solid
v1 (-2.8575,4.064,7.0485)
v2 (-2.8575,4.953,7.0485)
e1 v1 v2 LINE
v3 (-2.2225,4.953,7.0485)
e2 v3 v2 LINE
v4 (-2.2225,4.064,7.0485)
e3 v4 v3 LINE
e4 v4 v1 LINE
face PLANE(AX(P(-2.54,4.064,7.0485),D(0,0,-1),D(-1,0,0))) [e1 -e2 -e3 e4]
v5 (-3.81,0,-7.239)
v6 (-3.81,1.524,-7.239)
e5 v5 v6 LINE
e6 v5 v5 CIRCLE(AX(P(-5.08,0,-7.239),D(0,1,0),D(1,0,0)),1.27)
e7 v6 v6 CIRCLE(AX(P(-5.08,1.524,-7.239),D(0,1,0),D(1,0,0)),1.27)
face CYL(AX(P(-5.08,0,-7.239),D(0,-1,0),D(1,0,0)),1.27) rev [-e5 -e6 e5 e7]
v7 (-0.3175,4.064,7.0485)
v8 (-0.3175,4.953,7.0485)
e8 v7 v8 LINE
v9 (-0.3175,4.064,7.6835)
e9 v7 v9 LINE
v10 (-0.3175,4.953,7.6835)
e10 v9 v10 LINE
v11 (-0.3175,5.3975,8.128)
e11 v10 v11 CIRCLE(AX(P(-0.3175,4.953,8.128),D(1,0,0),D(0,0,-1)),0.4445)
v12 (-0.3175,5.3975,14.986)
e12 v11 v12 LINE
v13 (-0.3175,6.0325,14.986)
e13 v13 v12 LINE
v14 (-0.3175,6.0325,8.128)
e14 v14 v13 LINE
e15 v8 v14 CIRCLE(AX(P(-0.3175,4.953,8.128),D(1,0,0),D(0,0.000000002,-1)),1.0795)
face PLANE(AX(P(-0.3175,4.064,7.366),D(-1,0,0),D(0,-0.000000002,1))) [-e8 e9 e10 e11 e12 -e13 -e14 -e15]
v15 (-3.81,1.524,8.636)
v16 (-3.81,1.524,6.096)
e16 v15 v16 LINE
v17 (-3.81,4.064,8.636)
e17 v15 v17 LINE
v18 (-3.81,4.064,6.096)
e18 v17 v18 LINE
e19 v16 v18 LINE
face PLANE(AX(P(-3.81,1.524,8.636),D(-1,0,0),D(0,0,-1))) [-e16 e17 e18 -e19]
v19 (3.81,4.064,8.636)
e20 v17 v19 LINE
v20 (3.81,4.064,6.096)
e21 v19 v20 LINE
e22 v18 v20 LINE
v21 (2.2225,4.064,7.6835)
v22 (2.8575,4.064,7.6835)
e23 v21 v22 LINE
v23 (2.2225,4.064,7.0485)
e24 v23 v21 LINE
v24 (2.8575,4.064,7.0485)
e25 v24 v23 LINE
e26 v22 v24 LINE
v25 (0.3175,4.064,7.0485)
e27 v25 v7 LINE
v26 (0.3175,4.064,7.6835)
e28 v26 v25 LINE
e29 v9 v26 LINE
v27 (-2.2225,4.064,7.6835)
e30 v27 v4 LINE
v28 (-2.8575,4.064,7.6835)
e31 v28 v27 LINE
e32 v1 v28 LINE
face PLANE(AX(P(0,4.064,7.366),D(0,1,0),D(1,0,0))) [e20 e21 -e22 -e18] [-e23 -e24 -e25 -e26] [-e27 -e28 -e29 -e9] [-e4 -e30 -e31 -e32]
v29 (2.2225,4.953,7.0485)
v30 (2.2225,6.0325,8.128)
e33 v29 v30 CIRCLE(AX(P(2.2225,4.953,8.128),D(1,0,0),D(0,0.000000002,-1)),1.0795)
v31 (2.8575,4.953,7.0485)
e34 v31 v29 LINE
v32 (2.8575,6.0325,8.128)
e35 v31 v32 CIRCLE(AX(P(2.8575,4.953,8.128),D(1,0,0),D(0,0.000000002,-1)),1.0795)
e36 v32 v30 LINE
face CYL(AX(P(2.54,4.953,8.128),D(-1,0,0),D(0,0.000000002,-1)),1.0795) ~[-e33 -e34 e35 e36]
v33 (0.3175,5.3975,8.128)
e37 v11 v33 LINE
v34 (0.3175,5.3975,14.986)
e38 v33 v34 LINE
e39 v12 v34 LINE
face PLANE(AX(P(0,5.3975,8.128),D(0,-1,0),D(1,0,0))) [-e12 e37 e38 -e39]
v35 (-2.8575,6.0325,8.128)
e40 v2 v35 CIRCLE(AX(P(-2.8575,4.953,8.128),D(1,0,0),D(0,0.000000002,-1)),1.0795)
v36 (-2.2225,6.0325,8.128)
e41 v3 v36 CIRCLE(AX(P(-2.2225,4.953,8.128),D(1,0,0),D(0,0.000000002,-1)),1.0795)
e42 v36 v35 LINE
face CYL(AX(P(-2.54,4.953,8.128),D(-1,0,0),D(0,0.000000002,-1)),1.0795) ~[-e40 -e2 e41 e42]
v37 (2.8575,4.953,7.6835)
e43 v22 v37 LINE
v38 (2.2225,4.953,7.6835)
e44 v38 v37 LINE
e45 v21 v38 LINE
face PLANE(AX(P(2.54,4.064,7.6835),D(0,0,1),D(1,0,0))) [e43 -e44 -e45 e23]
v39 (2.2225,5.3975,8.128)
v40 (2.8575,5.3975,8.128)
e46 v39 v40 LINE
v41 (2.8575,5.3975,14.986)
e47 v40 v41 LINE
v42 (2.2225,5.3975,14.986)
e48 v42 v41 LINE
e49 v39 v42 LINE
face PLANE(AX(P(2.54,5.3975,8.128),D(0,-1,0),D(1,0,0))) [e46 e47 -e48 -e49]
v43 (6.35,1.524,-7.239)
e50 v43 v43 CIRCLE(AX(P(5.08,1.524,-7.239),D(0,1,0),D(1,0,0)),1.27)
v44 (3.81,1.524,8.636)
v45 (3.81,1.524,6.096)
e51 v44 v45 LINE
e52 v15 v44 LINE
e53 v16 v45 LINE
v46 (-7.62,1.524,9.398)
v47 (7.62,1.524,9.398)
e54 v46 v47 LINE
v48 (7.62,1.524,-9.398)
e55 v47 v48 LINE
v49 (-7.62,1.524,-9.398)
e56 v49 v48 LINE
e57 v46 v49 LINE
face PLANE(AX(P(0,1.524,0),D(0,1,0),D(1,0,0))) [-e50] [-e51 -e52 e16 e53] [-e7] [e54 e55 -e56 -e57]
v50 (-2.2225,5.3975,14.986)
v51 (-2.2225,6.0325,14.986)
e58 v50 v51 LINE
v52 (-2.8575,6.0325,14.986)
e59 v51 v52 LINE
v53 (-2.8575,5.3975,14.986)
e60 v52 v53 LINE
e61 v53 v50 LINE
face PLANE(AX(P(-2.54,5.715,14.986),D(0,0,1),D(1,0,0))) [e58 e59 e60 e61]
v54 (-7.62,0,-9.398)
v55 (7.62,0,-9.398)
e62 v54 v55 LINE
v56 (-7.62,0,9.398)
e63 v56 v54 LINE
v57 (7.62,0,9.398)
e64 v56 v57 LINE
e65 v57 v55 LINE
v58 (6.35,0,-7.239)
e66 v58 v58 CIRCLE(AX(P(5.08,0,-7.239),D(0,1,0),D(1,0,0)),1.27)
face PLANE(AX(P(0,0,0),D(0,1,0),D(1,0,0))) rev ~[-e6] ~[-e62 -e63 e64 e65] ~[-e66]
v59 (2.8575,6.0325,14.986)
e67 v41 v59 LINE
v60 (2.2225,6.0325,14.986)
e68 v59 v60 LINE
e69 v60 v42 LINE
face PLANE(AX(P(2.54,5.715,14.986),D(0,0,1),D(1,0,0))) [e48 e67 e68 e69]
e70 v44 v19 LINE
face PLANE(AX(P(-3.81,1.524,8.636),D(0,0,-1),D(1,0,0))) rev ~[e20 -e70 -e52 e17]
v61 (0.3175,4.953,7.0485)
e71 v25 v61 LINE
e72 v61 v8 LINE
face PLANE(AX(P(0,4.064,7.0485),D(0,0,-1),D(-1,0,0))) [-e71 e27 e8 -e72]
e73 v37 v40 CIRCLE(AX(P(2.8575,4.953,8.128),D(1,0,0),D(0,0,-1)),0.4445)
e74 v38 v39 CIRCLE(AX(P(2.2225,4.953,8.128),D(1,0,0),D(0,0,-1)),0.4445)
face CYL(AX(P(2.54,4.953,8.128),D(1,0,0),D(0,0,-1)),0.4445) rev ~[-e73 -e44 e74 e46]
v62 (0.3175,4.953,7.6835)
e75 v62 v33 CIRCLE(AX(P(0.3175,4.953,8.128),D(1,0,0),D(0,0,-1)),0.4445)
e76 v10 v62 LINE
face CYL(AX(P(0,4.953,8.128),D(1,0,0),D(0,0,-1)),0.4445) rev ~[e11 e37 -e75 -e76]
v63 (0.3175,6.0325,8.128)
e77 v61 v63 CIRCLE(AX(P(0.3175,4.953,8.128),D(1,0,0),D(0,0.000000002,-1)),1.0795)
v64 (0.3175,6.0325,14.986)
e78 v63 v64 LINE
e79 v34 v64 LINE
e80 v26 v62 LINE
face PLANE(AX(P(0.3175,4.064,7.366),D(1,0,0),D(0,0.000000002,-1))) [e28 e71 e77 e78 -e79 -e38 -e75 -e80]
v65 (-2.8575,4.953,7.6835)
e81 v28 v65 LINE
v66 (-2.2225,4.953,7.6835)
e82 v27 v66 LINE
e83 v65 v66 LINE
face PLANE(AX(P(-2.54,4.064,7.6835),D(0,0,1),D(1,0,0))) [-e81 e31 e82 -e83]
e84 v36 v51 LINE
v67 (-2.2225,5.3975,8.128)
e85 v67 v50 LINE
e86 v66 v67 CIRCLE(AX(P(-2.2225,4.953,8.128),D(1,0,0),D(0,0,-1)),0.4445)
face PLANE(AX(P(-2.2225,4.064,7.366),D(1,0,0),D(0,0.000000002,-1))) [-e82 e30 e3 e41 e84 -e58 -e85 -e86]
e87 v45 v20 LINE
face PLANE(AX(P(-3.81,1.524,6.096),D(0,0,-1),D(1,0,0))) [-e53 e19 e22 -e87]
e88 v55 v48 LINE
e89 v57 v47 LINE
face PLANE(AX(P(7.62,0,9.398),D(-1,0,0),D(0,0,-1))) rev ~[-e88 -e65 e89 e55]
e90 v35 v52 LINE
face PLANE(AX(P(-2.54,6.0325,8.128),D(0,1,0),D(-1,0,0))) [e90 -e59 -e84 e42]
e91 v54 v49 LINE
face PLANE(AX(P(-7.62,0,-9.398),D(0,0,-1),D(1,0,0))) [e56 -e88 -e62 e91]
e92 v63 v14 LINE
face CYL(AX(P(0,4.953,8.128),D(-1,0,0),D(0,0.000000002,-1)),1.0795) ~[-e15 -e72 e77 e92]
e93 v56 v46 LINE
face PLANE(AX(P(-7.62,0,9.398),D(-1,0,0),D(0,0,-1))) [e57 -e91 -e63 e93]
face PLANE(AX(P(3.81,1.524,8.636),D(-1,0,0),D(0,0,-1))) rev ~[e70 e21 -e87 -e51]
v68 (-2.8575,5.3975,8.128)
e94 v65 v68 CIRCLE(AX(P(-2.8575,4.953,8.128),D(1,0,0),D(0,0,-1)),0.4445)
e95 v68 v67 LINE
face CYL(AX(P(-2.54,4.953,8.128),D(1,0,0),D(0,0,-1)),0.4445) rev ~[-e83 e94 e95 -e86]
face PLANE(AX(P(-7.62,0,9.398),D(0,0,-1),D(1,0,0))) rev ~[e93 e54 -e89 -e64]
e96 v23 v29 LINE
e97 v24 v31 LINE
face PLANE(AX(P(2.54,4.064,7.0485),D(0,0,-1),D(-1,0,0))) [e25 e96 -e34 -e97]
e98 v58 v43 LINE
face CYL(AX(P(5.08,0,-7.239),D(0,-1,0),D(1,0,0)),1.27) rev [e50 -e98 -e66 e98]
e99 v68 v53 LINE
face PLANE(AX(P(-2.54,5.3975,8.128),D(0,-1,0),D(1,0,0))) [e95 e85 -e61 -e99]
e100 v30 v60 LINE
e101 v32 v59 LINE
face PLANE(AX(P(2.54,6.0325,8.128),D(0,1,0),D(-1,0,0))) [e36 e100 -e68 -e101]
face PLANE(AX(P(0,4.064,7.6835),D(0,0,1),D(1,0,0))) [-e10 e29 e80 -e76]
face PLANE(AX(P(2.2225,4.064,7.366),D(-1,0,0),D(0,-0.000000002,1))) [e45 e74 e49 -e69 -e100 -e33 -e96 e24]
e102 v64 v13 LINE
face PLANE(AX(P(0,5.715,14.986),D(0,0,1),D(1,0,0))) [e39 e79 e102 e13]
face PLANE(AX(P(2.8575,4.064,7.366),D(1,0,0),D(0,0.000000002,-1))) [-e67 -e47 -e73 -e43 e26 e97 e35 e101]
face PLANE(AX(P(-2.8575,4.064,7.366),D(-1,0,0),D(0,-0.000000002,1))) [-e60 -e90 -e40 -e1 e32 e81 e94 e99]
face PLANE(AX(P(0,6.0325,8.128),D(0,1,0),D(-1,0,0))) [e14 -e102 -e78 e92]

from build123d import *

# Parameters (mm, degrees)
SKETCH1_W           = 15.24
SKETCH1_H           = 18.796
SKETCH1_R           = 1.27
BOSS_EXTRUDE1_DEPTH = 1.524
SKETCH2_W           = 7.62
SKETCH2_H           = 2.54
BOSS_EXTRUDE2_DEPTH = 2.54
SKETCH4_W           = 0.635
SKETCH4_H           = 0.635
LPATTERN1_COUNT     = 2
LPATTERN1_PITCH     = 2.54
LPATTERN1_COL_COUNT = 2
LPATTERN1_COL_PITCH = 2.54


with BuildPart() as part:
    # Sketch1 → Boss-Extrude1 (new body)
    with BuildSketch(Plane(origin=(0, 0, 0), x_dir=(1, 0, 0), z_dir=(0, 1, 0))):
        Rectangle(SKETCH1_W, SKETCH1_H)
        with Locations((-5.08, 7.239)):
            Circle(SKETCH1_R, mode=Mode.SUBTRACT)
        with Locations((5.08, 7.239)):
            Circle(SKETCH1_R, mode=Mode.SUBTRACT)
    extrude(amount=BOSS_EXTRUDE1_DEPTH)

    # Sketch2 → Boss-Extrude2 (add)
    with BuildSketch(Plane(origin=(0, 1.524, 0), x_dir=(1, 0, 0), z_dir=(0, 1, 0))):
        with Locations((0, -7.366)):
            Rectangle(SKETCH2_W, SKETCH2_H)
    extrude(amount=BOSS_EXTRUDE2_DEPTH)

    # Sweep1: sweep along a path in Sketch3
    with BuildLine(Plane(origin=(0, 0, 0), x_dir=(0, 0, -1), z_dir=(1, 0, 0))) as sweep1_path:
        Line((-7.366, 4.064), (-7.366, 4.953))
        ThreePointArc((-7.366, 4.953), (-7.589184633, 5.491815367), (-8.128, 5.715))
        Line((-8.128, 5.715), (-14.986, 5.715))
    # Sketch4 → Sweep1 (sweep)
    with BuildSketch(Plane.XY.offset(14.986)):
        with Locations((0, 5.715)):
            Rectangle(SKETCH4_W, SKETCH4_H)
    sweep1 = sweep(path=sweep1_path.line)

    # LPattern1: Sweep1 ×2
    with Locations(*[(i * LPATTERN1_PITCH, 0, 0) for i in range(1, LPATTERN1_COUNT)]):
        add(sweep1)

    # LPattern1 col: Sweep1 ×2
    with Locations(*[(-i * LPATTERN1_COL_PITCH, 0, 0) for i in range(1, LPATTERN1_COL_COUNT)]):
        add(sweep1)


solid = part.part
